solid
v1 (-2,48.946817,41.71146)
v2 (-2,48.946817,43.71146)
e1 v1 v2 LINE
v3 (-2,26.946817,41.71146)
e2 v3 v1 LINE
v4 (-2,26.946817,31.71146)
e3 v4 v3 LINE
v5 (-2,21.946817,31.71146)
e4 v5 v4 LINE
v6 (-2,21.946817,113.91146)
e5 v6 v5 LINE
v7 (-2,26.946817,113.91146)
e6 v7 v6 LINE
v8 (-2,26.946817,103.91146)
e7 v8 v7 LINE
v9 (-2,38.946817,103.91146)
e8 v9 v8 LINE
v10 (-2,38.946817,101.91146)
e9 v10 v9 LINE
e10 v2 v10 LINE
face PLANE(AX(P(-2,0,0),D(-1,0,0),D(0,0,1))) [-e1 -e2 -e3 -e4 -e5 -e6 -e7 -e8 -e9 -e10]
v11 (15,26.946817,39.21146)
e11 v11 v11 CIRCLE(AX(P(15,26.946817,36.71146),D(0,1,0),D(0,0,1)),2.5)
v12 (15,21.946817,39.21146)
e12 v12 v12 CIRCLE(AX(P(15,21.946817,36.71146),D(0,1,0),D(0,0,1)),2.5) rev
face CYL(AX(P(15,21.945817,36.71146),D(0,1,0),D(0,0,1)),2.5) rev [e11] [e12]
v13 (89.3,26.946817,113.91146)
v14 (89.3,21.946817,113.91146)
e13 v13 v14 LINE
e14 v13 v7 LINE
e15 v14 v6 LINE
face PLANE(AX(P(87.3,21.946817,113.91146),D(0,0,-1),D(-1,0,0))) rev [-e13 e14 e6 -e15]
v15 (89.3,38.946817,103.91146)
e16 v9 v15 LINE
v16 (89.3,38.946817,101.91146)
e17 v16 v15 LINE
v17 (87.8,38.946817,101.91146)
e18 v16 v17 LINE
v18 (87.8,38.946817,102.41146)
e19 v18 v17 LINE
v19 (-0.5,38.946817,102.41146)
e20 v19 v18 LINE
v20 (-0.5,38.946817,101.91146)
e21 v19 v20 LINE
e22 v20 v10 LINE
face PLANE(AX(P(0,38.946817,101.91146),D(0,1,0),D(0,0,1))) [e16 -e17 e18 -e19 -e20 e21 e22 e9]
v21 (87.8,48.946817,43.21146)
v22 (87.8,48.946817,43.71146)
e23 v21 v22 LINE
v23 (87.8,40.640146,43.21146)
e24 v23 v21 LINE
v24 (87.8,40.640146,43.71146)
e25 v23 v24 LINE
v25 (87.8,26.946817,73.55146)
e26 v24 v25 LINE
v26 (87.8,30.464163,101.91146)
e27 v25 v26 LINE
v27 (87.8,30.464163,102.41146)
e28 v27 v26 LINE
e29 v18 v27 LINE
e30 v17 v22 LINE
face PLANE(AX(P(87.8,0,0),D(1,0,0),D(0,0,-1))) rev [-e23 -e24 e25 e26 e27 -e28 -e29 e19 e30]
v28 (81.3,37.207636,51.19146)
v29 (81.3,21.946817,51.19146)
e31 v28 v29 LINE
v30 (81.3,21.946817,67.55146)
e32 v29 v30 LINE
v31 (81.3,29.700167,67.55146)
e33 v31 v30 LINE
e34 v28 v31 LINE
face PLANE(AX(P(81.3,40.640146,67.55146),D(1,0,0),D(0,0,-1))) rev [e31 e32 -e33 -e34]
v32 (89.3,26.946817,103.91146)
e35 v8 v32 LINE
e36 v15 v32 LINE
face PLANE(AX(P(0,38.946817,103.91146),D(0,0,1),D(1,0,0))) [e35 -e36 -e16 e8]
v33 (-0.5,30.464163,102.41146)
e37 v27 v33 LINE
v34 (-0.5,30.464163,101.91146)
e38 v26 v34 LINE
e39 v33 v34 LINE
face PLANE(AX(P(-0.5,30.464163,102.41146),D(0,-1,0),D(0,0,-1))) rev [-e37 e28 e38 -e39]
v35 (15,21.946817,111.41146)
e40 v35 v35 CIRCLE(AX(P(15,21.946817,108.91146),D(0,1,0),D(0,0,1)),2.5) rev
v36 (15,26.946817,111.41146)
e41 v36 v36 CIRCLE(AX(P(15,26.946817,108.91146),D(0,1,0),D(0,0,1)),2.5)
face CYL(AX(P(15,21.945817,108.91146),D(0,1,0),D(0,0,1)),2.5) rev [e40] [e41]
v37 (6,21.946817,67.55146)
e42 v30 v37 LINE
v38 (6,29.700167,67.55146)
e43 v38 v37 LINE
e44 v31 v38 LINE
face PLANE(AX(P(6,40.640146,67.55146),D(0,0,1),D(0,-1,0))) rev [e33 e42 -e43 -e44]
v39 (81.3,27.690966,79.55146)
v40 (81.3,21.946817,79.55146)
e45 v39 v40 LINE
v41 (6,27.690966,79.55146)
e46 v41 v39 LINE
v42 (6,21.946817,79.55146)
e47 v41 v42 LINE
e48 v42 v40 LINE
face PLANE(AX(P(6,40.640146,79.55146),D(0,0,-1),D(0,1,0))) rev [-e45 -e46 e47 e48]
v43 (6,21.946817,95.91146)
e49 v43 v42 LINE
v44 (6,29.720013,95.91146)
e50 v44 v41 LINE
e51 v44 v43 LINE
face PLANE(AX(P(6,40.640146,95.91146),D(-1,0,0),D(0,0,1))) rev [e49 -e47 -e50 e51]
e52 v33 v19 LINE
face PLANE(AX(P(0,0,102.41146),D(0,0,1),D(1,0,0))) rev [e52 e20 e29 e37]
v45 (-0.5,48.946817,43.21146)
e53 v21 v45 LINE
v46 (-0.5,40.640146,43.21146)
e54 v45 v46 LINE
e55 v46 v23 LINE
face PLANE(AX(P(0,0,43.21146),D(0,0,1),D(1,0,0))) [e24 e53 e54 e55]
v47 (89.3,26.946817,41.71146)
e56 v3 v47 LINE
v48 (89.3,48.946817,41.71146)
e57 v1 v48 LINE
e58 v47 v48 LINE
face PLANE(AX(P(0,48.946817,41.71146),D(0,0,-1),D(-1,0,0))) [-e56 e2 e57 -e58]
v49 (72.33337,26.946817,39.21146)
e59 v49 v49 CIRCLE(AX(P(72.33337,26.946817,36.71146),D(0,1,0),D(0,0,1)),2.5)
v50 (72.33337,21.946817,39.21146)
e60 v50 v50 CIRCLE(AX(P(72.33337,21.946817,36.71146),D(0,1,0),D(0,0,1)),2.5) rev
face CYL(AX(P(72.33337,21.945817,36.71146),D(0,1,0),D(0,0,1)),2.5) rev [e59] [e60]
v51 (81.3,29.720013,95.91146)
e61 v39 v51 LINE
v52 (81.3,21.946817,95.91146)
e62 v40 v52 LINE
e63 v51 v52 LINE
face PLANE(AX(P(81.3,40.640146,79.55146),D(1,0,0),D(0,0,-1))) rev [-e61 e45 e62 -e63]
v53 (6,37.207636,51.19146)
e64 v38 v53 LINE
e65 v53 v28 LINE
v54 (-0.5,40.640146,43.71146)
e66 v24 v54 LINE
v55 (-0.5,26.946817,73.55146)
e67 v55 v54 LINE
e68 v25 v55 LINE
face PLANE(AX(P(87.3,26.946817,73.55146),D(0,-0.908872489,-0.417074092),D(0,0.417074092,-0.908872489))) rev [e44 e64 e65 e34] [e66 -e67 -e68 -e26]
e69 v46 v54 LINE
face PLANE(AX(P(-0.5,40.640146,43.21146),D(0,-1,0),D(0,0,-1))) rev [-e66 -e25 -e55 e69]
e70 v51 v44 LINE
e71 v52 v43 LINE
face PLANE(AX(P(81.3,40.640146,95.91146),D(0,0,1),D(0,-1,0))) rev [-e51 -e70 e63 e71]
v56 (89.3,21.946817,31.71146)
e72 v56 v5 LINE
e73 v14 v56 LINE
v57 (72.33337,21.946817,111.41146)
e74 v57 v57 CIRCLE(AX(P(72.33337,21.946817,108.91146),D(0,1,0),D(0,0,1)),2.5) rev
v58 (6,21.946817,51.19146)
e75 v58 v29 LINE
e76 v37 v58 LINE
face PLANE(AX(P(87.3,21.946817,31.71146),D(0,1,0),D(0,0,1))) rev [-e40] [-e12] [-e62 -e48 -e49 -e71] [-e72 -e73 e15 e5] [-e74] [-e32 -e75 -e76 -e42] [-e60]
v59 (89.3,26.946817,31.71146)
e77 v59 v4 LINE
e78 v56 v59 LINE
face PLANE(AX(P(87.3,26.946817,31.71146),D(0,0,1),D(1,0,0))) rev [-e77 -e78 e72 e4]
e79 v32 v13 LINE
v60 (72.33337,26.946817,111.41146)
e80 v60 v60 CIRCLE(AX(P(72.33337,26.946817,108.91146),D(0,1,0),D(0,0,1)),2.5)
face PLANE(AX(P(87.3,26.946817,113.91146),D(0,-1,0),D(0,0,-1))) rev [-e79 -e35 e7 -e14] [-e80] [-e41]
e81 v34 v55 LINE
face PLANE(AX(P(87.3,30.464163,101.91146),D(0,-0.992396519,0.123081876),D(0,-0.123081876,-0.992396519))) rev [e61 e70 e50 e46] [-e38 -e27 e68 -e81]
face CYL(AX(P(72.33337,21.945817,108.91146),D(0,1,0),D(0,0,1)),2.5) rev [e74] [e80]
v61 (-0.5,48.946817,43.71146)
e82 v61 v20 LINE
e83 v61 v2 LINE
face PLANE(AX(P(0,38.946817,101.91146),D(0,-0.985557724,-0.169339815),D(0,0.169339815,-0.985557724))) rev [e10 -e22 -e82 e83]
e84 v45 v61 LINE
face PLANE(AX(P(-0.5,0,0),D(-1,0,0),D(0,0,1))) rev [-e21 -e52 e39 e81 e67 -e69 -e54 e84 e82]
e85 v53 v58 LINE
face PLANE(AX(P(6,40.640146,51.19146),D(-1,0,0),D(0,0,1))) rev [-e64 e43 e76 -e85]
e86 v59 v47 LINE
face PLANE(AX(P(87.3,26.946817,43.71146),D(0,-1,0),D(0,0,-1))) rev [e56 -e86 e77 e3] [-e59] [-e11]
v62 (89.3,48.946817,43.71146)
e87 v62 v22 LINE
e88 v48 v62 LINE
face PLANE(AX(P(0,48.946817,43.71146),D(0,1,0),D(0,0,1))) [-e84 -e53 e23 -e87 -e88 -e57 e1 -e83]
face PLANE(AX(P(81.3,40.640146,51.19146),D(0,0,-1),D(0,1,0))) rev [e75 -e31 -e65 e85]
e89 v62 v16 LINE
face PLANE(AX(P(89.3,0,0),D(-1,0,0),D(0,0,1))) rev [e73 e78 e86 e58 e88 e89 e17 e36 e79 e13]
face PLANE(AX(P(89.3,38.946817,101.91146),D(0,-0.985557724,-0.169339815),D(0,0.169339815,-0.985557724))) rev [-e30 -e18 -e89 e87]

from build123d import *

# Parameters (mm, degrees)
BOSS_EXTRUDE1_DEPTH  = 87.3
CUT_EXTRUDE1_REACH   = 7
SKETCH2_R            = 2.5
SKETCH3_W            = 75.3
SKETCH3_H            = 16.36
CUT_EXTRUDE2_DEPTH   = 19.693329973
SKETCH4_W            = 2
SKETCH4_H            = 12
SKETCH4_H_2          = 22
BOSS_EXTRUDE2_DEPTH  = 87.3
BOSS_EXTRUDE16_DEPTH = 2
LPATTERN1_COUNT      = 2
LPATTERN1_PITCH      = 89.3
CUT_EXTRUDE4_DEPTH   = 0.5
CUT_EXTRUDE5_DEPTH   = 0.5
SKETCH14_W           = 88.3
SKETCH14_H           = 8.306670027
CUT_EXTRUDE6_DEPTH   = 0.5
SKETCH15_W           = 88.3
SKETCH15_H           = 8.482653923
CUT_EXTRUDE7_DEPTH   = 0.5


with BuildPart() as part:
    # Sketch1 → Boss-Extrude1 (new body)
    with BuildSketch(Plane(origin=(0, 0, 0), x_dir=(0, 0, -1), z_dir=(1, 0, 0))):
        Polygon((-73.551459735, 26.94681652), (-43.711459735, 40.640146493), (-43.711459735, 26.94681652), (-31.711459735, 26.94681652), (-31.711459735, 21.94681652), (-113.911459735, 21.94681652), (-113.911459735, 26.94681652), (-101.911459735, 26.94681652), (-101.911459735, 30.464162597), align=None)
    extrude(amount=BOSS_EXTRUDE1_DEPTH)

    # Sketch2 → Cut-Extrude1 (cut, up to next)
    with BuildSketch(Plane(origin=(0, 26.94681652, 0), x_dir=(1, 0, 0), z_dir=(0, 1, 0)), mode=Mode.PRIVATE) as cut_extrude1_sk1:
        with Locations((15, -36.711459735)):
            Circle(SKETCH2_R)
    cut_extrude1_tool1 = extrude(cut_extrude1_sk1.sketch, amount=-CUT_EXTRUDE1_REACH, mode=Mode.PRIVATE) & part.part
    add(cut_extrude1_tool1.solids().sort_by_distance((15, 26.946817, 36.71146))[0], mode=Mode.SUBTRACT)
    # Sketch2 → Cut-Extrude1 (cut, up to next)
    with BuildSketch(Plane(origin=(0, 26.94681652, 0), x_dir=(1, 0, 0), z_dir=(0, 1, 0)), mode=Mode.PRIVATE) as cut_extrude1_sk2:
        with Locations((72.333370453, -36.711459735)):
            Circle(SKETCH2_R)
    cut_extrude1_tool2 = extrude(cut_extrude1_sk2.sketch, amount=-CUT_EXTRUDE1_REACH, mode=Mode.PRIVATE) & part.part
    add(cut_extrude1_tool2.solids().sort_by_distance((72.33337, 26.946817, 36.71146))[0], mode=Mode.SUBTRACT)
    # Sketch2 → Cut-Extrude1 (cut, up to next)
    with BuildSketch(Plane(origin=(0, 26.94681652, 0), x_dir=(1, 0, 0), z_dir=(0, 1, 0)), mode=Mode.PRIVATE) as cut_extrude1_sk3:
        with Locations((72.333370453, -108.911459735)):
            Circle(SKETCH2_R)
    cut_extrude1_tool3 = extrude(cut_extrude1_sk3.sketch, amount=-CUT_EXTRUDE1_REACH, mode=Mode.PRIVATE) & part.part
    add(cut_extrude1_tool3.solids().sort_by_distance((72.33337, 26.946817, 108.91146))[0], mode=Mode.SUBTRACT)
    # Sketch2 → Cut-Extrude1 (cut, up to next)
    with BuildSketch(Plane(origin=(0, 26.94681652, 0), x_dir=(1, 0, 0), z_dir=(0, 1, 0)), mode=Mode.PRIVATE) as cut_extrude1_sk4:
        with Locations((15, -108.911459735)):
            Circle(SKETCH2_R)
    cut_extrude1_tool4 = extrude(cut_extrude1_sk4.sketch, amount=-CUT_EXTRUDE1_REACH, mode=Mode.PRIVATE) & part.part
    add(cut_extrude1_tool4.solids().sort_by_distance((15, 26.946817, 108.91146))[0], mode=Mode.SUBTRACT)

    # Sketch3 → Cut-Extrude2 (cut, through all)
    with BuildSketch(Plane.XZ.offset(-21.94681652)):
        with Locations((43.65, 87.731459735)):
            Rectangle(SKETCH3_W, SKETCH3_H)
        with Locations((43.65, 59.371459735)):
            Rectangle(SKETCH3_W, SKETCH3_H)
    extrude(amount=-CUT_EXTRUDE2_DEPTH, mode=Mode.SUBTRACT)

    # Sketch4 → Boss-Extrude2 (add, through all)
    with BuildSketch(Plane(origin=(87.3, 0, 0), x_dir=(0, 0, -1), z_dir=(1, 0, 0))):
        with Locations((-102.911459735, 32.94681652)):
            Rectangle(SKETCH4_W, SKETCH4_H)
        with Locations((-42.711459735, 37.94681652)):
            Rectangle(SKETCH4_W, SKETCH4_H_2)
    extrude(amount=-BOSS_EXTRUDE2_DEPTH)

    # Sketch8 → Boss-Extrude16 (add)
    with BuildSketch(Plane(origin=(87.3, 0, 0), x_dir=(0, 0, -1), z_dir=(1, 0, 0))):
        Polygon((-103.911459735, 38.94681652), (-101.911459735, 38.94681652), (-43.711459735, 48.94681652), (-41.711459735, 48.94681652), (-41.711459735, 26.94681652), (-31.711459735, 26.94681652), (-31.711459735, 21.94681652), (-113.911459735, 21.94681652), (-113.911459735, 26.94681652), (-103.911459735, 26.94681652), align=None)
    boss_extrude16 = extrude(amount=BOSS_EXTRUDE16_DEPTH)

    # LPattern1: Boss-Extrude16 ×2
    with Locations(*[(-i * LPATTERN1_PITCH, 0, 0) for i in range(1, LPATTERN1_COUNT)]):
        add(boss_extrude16)

    # Sketch12 → Cut-Extrude4 (cut)
    with BuildSketch(Plane(origin=(0, 0, 0), x_dir=(0, 0, -1), z_dir=(1, 0, 0))):
        Polygon((-43.711459735, 48.94681652), (-43.711459735, 40.640146493), (-73.551459735, 26.94681652), (-101.911459735, 30.464162597), (-101.911459735, 38.94681652), align=None)
    extrude(amount=-CUT_EXTRUDE4_DEPTH, mode=Mode.SUBTRACT)

    # Sketch13 → Cut-Extrude5 (cut)
    with BuildSketch(Plane.ZY.offset(-87.3)):
        Polygon((43.711459735, 40.640146493), (43.711459735, 48.94681652), (101.911459735, 38.94681652), (101.911459735, 30.464162597), (73.551459735, 26.94681652), align=None)
    extrude(amount=-CUT_EXTRUDE5_DEPTH, mode=Mode.SUBTRACT)

    # Sketch14 → Cut-Extrude6 (cut)
    with BuildSketch(Plane.XY.offset(43.711459735)):
        with Locations((43.65, 44.793481507)):
            Rectangle(SKETCH14_W, SKETCH14_H)
    extrude(amount=-CUT_EXTRUDE6_DEPTH, mode=Mode.SUBTRACT)

    # Sketch15 → Cut-Extrude7 (cut)
    with BuildSketch(Plane(origin=(0, 0, 101.911459735), x_dir=(-1, 0, 0), z_dir=(0, 0, -1))):
        with Locations((-43.65, 34.705489559)):
            Rectangle(SKETCH15_W, SKETCH15_H)
    extrude(amount=-CUT_EXTRUDE7_DEPTH, mode=Mode.SUBTRACT)


solid = part.part
